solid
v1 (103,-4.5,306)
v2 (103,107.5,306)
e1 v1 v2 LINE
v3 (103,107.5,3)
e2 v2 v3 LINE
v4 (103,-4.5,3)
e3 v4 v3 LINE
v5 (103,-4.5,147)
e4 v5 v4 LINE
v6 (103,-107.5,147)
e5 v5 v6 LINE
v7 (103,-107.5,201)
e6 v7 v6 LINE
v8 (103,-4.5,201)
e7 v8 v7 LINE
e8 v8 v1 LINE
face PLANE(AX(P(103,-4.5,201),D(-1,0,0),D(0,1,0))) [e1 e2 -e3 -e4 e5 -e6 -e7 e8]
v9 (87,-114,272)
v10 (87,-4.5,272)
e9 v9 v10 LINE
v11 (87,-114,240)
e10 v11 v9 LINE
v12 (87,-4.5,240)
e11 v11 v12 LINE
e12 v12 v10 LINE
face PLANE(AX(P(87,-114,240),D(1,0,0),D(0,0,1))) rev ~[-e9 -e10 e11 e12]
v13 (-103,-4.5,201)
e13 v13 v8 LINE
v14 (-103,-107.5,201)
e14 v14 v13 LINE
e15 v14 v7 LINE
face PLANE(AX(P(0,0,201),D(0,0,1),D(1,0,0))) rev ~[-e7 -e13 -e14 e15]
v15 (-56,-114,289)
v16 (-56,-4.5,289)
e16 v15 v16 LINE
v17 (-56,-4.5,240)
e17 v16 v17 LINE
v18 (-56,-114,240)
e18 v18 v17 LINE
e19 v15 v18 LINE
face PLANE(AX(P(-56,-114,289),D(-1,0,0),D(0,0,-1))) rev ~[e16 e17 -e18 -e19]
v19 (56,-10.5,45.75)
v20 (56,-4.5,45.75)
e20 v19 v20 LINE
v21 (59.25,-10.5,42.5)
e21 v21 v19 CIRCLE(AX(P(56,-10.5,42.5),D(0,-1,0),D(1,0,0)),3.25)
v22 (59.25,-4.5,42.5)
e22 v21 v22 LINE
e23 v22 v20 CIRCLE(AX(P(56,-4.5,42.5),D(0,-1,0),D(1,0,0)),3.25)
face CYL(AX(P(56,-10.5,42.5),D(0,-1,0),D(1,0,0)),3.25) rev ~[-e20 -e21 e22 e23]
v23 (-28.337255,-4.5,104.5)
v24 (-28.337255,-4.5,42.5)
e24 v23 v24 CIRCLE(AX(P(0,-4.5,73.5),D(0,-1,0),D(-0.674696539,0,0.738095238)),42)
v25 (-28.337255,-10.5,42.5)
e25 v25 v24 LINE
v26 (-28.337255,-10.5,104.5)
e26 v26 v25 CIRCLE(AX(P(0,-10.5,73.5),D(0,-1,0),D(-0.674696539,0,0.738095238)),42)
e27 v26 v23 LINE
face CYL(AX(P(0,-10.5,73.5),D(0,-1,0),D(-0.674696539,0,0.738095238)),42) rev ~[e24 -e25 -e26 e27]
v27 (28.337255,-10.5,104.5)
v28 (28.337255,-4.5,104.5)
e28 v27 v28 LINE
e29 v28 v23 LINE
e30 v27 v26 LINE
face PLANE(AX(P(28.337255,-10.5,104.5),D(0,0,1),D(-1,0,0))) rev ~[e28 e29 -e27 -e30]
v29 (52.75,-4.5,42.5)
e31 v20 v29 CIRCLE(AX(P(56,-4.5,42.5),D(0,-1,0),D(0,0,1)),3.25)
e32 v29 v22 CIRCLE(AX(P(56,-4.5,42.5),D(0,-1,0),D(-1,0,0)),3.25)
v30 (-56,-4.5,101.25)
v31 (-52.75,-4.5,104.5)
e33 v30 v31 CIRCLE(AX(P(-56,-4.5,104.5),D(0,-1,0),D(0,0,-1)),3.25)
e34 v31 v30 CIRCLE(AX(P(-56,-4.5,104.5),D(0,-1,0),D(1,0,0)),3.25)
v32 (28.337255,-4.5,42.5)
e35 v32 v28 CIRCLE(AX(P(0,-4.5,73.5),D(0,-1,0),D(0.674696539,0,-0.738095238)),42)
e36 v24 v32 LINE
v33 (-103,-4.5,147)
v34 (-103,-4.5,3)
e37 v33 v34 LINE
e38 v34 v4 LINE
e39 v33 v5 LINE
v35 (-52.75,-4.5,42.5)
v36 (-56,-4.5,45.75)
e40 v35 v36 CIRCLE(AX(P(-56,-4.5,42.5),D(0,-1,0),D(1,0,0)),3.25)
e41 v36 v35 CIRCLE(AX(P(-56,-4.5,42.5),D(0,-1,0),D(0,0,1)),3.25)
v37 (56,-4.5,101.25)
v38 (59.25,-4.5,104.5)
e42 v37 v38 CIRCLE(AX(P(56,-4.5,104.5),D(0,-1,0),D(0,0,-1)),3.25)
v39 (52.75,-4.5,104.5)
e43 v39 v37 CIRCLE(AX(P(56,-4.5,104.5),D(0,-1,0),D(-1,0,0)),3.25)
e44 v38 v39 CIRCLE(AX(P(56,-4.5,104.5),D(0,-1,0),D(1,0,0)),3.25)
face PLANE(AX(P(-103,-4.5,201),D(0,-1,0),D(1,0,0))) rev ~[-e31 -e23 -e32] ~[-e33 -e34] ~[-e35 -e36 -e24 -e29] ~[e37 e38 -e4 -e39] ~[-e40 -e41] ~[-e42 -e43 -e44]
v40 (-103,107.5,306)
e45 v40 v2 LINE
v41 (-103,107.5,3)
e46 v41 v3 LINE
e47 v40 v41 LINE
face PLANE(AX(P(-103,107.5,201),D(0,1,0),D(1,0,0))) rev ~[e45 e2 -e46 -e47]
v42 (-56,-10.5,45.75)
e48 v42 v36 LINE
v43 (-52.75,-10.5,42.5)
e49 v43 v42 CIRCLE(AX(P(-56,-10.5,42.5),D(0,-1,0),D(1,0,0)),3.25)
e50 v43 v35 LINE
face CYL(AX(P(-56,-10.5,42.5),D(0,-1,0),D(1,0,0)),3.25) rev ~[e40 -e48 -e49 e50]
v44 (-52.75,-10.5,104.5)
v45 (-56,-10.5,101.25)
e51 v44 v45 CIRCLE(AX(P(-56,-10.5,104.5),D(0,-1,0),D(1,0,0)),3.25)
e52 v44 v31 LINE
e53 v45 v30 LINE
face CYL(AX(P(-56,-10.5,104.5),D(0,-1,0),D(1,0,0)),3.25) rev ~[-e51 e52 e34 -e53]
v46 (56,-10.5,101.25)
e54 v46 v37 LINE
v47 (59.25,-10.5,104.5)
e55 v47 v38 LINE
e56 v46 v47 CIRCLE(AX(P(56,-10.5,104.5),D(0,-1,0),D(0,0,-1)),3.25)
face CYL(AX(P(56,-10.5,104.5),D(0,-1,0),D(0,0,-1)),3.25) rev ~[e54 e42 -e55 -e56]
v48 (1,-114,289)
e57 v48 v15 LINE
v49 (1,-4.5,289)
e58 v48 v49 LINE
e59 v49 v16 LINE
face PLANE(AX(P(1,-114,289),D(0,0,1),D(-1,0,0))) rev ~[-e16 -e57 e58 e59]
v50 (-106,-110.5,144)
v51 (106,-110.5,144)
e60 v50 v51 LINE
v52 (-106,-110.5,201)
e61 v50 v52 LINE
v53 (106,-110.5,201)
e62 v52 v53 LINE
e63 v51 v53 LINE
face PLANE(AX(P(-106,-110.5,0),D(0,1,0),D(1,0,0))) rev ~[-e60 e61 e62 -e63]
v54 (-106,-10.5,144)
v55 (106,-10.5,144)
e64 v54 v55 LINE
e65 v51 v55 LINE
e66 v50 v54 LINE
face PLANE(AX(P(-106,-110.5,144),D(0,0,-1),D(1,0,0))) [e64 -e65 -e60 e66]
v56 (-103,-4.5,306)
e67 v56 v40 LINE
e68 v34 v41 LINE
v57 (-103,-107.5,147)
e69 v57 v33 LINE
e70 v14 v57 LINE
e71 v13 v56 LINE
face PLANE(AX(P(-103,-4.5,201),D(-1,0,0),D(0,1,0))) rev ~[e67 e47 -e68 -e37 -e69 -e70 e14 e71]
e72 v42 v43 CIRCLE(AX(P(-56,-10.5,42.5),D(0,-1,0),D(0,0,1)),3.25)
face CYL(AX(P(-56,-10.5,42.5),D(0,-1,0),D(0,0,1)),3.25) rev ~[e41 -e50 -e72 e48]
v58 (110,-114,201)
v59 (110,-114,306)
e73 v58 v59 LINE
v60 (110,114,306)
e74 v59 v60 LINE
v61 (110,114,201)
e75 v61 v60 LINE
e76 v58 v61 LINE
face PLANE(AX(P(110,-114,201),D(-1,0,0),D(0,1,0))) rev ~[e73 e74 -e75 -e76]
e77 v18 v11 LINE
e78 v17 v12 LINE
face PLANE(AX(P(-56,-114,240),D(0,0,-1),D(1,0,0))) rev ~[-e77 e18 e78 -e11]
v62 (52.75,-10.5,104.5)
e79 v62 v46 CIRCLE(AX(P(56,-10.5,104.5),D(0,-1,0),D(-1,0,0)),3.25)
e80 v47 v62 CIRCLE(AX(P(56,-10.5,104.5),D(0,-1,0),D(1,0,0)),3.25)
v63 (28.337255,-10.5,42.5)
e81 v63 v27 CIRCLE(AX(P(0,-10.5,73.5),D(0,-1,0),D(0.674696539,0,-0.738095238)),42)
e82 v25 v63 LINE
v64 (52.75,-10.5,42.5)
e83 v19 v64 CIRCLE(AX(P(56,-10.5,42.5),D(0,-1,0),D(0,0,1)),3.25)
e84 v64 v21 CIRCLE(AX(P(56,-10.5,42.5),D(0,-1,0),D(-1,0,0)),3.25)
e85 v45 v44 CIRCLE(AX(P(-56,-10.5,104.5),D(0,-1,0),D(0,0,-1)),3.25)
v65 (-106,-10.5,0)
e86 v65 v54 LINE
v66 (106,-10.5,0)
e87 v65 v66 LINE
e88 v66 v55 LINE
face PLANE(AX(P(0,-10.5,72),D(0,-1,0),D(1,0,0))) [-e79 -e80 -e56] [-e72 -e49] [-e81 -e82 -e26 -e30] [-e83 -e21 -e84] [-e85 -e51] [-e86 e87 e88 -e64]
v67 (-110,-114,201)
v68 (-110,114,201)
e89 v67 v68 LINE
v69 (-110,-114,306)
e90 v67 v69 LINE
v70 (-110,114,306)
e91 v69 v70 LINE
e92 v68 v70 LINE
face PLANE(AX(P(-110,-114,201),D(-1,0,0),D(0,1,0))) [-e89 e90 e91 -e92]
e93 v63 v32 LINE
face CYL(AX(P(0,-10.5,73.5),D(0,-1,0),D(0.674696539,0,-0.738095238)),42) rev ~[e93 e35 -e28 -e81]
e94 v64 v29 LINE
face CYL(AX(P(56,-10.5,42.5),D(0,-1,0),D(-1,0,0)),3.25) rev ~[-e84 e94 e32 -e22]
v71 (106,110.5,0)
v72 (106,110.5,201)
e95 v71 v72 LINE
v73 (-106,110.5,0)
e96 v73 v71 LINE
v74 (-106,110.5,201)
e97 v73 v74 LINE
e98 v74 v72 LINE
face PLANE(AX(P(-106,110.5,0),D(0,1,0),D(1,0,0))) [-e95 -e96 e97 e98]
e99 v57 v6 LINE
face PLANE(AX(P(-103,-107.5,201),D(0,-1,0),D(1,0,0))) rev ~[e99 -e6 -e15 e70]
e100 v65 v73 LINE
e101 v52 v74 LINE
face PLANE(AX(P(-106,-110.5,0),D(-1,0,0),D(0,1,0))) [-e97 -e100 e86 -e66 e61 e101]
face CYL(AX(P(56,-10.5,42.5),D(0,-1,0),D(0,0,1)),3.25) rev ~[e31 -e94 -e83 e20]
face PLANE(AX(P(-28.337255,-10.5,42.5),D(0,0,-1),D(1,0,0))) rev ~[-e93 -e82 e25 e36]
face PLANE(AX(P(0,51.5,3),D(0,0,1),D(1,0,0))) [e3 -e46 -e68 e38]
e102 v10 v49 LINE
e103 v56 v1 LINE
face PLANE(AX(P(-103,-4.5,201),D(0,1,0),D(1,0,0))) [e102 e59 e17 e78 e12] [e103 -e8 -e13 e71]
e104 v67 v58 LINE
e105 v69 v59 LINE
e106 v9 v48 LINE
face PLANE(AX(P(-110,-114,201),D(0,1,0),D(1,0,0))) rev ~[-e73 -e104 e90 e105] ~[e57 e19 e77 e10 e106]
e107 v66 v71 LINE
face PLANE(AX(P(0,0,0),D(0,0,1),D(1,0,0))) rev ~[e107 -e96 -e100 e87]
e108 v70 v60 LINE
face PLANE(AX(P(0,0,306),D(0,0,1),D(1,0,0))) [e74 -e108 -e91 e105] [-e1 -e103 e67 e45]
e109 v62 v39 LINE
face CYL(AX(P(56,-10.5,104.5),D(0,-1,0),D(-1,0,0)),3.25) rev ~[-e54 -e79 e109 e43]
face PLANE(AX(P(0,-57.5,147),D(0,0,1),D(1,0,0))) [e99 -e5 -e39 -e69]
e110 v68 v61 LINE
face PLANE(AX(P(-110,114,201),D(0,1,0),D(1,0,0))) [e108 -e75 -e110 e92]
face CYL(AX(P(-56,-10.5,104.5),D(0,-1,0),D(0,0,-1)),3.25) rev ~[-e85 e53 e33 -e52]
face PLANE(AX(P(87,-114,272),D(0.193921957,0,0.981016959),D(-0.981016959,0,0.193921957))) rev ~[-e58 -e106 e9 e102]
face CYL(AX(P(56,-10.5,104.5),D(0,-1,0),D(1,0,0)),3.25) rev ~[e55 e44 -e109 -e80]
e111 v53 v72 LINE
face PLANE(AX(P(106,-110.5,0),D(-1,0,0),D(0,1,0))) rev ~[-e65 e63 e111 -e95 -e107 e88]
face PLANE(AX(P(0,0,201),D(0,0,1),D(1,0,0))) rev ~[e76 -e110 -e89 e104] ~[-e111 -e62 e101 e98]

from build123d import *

# Parameters (mm, degrees)
F0_W      = 212
F0_H      = 221
F1_DEPTH  = 201
F2_W      = 206
F2_H      = 112
F3_DEPTH  = 198
F4_W      = 212
F4_H      = 144
F5_DEPTH  = 100
F2_H_2    = 3
F6_DEPTH  = 54
F2_H_3    = 100
F7_DEPTH  = 54
F9_DEPTH  = 6
F11_START = 198
F10_W     = 220
F10_H     = 228
F10_W_2   = 206
F10_H_2   = 112
F11_DEPTH = 105
F14_DEPTH = 109.5


with BuildPart() as f1:
    # F0 (on Top) → F1 (new body)
    with BuildSketch(Plane.XY):
        Rectangle(F0_W, F0_H)
    extrude(amount=F1_DEPTH)

    # F2 (on face) → F3 (cut)
    with BuildSketch(Plane.XY.offset(201)):
        with Locations((0, 51.5)):
            Rectangle(F2_W, F2_H)
    extrude(amount=-F3_DEPTH, mode=Mode.SUBTRACT)

    # F4 (on face) → F5 (cut)
    with BuildSketch(Plane.XZ.offset(110.5)):
        with Locations((0, 72)):
            Rectangle(F4_W, F4_H)
    extrude(amount=-F5_DEPTH, mode=Mode.SUBTRACT)

    # F2 (on face) → F6 (cut)
    with BuildSketch(Plane.XY.offset(201)):
        with Locations((0, -6)):
            Rectangle(F2_W, F2_H_2)
    extrude(amount=-F6_DEPTH, mode=Mode.SUBTRACT)

    # F2 (on face) → F7 (cut)
    with BuildSketch(Plane.XY.offset(201)):
        with Locations((0, -57.5)):
            Rectangle(F2_W, F2_H_3)
    extrude(amount=-F7_DEPTH, mode=Mode.SUBTRACT)

    # F8 (on face) → F9 (cut, through all)
    with BuildSketch(Plane.XZ.offset(10.5)):
        with BuildLine():
            Line((-28.3372546306, 42.5), (28.3372546306, 42.5))
            ThreePointArc((28.3372546306, 42.5), (42, 73.5), (28.3372546306, 104.5))
            Line((28.3372546306, 104.5), (-28.3372546306, 104.5))
            ThreePointArc((-28.3372546306, 104.5), (-42, 73.5), (-28.3372546306, 42.5))
        make_face()
        with BuildLine():
            Line((56, 104.5), (56, 101.25))
            ThreePointArc((56, 101.25), (58.2980970389, 102.2019029611), (59.25, 104.5))
            ThreePointArc((59.25, 104.5), (56, 107.75), (52.75, 104.5))
            Line((52.75, 104.5), (56, 104.5))
        make_face()
        with BuildLine():
            ThreePointArc((52.75, 104.5), (53.7019029611, 102.2019029611), (56, 101.25))
            Line((56, 101.25), (56, 104.5))
            Line((56, 104.5), (52.75, 104.5))
        make_face()
        with BuildLine():
            ThreePointArc((56, 45.75), (53.7019029611, 44.7980970389), (52.75, 42.5))
            Line((52.75, 42.5), (56, 42.5))
            Line((56, 42.5), (56, 45.75))
        make_face()
        with BuildLine():
            Line((56, 42.5), (52.75, 42.5))
            ThreePointArc((52.75, 42.5), (56, 39.25), (59.25, 42.5))
            ThreePointArc((59.25, 42.5), (58.2980970389, 44.7980970389), (56, 45.75))
            Line((56, 45.75), (56, 42.5))
        make_face()
        with BuildLine():
            ThreePointArc((-56, 45.75), (-58.2980970389, 40.2019029611), (-52.75, 42.5))
            Line((-52.75, 42.5), (-56, 42.5))
            Line((-56, 42.5), (-56, 45.75))
        make_face()
        with BuildLine():
            Line((-56, 42.5), (-52.75, 42.5))
            ThreePointArc((-52.75, 42.5), (-53.7019029611, 44.7980970389), (-56, 45.75))
            Line((-56, 45.75), (-56, 42.5))
        make_face()
        with BuildLine():
            Line((-56, 104.5), (-56, 101.25))
            ThreePointArc((-56, 101.25), (-53.7019029611, 102.2019029611), (-52.75, 104.5))
            Line((-52.75, 104.5), (-56, 104.5))
        make_face()
        with BuildLine():
            ThreePointArc((-52.75, 104.5), (-58.2980970389, 106.7980970389), (-56, 101.25))
            Line((-56, 101.25), (-56, 104.5))
            Line((-56, 104.5), (-52.75, 104.5))
        make_face()
    extrude(amount=-F9_DEPTH, mode=Mode.SUBTRACT)

    # F10 (on face) → F11 (join)
    with BuildSketch(Plane.XY.offset(3).offset(F11_START)):
        Rectangle(F10_W, F10_H)
        with Locations((0, 51.5)):
            Rectangle(F10_W_2, F10_H_2, mode=Mode.SUBTRACT)
    extrude(amount=F11_DEPTH)

    # F13 (on face) → F14 (cut, through all)
    with BuildSketch(Plane.XZ.offset(114)):
        Polygon((1, 289), (-56, 289), (-56, 240), (87, 240), (87, 272), align=None)
    extrude(amount=-F14_DEPTH, mode=Mode.SUBTRACT)


solid = f1.part
